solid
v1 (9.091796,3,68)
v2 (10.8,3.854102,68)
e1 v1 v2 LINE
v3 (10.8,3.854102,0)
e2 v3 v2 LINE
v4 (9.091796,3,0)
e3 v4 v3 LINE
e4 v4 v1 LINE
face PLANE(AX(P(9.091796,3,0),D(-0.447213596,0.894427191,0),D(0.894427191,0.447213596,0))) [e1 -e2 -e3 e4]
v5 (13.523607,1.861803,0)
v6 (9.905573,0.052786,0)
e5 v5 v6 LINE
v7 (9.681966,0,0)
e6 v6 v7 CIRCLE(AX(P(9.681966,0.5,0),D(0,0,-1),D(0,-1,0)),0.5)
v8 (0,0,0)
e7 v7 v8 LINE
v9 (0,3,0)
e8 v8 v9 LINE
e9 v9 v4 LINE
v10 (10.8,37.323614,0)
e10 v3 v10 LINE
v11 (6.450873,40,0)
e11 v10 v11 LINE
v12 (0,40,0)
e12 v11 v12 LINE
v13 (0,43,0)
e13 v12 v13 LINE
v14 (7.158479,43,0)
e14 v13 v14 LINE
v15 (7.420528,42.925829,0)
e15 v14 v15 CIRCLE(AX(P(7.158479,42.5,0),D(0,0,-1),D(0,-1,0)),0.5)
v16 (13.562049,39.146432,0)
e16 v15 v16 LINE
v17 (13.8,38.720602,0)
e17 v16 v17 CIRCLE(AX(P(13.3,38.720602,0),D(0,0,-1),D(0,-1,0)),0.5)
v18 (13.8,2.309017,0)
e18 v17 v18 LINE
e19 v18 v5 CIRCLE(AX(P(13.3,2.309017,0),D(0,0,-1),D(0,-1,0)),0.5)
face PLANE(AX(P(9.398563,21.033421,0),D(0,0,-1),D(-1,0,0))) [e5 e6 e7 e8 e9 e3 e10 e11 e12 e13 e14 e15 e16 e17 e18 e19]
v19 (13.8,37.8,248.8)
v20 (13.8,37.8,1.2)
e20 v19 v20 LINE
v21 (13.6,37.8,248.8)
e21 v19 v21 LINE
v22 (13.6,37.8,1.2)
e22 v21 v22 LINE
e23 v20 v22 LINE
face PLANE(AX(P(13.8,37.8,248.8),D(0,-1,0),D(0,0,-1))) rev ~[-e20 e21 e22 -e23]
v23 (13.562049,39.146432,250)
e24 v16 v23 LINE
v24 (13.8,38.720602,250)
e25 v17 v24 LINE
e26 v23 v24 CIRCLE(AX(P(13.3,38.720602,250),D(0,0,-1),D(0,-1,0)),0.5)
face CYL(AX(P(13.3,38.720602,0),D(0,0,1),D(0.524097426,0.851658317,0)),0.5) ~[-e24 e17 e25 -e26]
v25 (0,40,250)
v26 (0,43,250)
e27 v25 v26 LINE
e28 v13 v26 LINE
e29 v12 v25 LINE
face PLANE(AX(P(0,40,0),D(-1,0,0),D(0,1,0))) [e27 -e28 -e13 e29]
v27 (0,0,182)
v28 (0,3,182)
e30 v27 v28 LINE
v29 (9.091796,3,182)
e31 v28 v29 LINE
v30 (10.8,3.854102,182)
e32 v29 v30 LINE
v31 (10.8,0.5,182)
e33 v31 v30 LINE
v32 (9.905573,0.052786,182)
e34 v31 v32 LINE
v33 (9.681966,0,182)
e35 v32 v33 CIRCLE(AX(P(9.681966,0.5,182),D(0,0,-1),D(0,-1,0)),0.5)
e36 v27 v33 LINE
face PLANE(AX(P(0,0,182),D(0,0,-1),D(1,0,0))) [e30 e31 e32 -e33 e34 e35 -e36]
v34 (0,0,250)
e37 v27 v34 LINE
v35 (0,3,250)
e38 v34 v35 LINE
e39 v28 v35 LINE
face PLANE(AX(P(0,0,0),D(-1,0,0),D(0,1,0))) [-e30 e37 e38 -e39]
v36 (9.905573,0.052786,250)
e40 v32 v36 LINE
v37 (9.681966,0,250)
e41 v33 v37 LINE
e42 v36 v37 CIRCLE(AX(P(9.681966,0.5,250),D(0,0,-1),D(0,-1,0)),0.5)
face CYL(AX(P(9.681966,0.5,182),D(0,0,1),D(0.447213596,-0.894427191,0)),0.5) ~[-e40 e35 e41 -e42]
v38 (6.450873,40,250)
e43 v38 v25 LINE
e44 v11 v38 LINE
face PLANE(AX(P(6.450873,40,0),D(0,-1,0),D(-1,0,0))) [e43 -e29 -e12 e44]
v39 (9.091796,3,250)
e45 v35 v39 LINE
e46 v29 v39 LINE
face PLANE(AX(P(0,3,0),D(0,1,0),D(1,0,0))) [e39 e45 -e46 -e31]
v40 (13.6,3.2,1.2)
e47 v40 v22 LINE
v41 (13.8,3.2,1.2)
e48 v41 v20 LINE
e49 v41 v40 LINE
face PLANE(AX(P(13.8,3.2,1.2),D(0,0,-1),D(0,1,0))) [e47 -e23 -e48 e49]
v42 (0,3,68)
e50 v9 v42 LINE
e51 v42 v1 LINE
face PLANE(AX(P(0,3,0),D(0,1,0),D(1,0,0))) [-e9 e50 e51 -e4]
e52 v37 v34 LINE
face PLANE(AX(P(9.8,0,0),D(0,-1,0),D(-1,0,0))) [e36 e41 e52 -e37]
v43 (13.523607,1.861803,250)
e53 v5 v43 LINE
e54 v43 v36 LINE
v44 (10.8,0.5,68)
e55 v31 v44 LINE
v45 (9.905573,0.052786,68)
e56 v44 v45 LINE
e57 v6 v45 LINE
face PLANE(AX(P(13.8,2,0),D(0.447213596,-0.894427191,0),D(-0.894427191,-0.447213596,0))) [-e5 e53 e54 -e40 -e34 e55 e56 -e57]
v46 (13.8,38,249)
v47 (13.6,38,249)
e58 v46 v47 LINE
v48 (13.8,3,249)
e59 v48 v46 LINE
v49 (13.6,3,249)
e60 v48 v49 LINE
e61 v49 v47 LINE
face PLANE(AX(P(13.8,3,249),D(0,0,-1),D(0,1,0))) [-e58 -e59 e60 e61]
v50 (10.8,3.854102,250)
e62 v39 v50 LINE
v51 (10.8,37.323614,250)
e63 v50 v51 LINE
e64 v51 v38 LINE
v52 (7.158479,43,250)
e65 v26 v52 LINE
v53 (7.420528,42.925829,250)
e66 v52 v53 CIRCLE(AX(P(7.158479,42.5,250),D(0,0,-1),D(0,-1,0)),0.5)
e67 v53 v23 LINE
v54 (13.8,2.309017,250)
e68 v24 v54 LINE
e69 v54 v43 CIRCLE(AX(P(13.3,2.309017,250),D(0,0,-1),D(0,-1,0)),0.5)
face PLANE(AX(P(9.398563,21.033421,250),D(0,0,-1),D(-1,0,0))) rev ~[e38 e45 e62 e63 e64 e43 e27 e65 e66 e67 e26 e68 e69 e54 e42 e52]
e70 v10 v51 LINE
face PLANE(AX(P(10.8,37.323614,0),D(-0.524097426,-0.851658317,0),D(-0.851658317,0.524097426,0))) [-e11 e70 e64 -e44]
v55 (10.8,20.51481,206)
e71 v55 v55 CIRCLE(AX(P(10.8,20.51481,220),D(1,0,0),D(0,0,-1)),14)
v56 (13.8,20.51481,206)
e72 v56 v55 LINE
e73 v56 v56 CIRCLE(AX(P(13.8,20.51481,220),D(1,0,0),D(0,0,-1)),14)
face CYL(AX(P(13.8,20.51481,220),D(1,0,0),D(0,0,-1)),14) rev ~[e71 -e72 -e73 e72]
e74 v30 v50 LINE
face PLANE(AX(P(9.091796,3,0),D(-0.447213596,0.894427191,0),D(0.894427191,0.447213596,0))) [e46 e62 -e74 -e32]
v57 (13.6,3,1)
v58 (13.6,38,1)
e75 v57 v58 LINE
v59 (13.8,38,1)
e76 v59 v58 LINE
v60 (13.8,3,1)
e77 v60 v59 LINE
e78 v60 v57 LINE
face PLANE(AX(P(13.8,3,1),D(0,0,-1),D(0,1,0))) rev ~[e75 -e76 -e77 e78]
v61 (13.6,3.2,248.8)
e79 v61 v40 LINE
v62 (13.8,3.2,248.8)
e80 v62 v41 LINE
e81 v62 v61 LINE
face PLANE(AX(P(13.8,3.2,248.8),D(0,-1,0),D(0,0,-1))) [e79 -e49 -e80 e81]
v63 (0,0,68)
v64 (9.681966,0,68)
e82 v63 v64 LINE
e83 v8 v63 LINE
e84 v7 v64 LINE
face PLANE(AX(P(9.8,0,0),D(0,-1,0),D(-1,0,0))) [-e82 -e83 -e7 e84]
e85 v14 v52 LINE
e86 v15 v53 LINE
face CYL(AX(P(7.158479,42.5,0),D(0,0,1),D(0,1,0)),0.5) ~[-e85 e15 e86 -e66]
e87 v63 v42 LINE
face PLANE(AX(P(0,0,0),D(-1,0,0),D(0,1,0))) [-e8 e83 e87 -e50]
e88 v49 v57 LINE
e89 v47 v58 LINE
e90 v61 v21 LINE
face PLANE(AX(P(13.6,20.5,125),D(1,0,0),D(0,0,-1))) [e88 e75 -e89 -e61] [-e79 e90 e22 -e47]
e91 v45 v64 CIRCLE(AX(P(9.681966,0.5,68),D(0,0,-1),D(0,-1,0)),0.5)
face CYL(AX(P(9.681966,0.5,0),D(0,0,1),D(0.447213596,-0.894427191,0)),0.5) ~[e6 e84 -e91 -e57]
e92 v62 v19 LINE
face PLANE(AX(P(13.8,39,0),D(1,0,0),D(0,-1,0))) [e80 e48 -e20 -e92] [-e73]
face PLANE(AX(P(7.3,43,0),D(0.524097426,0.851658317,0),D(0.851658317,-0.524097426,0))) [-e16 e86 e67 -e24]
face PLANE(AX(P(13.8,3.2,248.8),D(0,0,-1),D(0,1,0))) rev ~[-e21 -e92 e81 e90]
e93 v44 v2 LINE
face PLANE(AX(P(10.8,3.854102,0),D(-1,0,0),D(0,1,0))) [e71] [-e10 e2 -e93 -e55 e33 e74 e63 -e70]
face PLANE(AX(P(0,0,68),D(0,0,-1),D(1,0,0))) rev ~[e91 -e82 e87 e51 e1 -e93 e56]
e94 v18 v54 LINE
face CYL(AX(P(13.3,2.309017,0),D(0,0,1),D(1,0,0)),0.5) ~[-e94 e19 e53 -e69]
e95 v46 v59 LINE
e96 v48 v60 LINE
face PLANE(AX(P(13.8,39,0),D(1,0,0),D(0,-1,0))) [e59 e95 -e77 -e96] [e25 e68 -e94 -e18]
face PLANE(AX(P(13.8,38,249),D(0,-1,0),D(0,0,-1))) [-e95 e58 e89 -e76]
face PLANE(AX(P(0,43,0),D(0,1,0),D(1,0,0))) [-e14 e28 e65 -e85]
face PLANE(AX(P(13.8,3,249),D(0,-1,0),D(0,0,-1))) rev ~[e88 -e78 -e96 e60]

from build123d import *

# Parameters (mm, degrees)
BOSS_EXTRUDE1_DEPTH = 250
CUT_EXTRUDE1_REACH  = 45
SKETCH2_W           = 10.8
SKETCH2_H           = 114
SKETCH3_W           = 248
SKETCH3_H           = 35
SKETCH3_W_2         = 247.6
SKETCH3_H_2         = 34.6
CUT_EXTRUDE2_DEPTH  = 0.2
FILLET1_R           = 0.5
SKETCH4_R           = 14
CUT_EXTRUDE3_DEPTH  = 14.8


with BuildPart() as part:
    # Sketch1 → Boss-Extrude1 (new body)
    with BuildSketch(Plane.XY):
        Polygon((0, 3), (9.091796068, 3), (10.8, 3.854101966), (10.8, 37.323614418), (6.450873429, 40), (0, 40), (0, 43), (7.3, 43), (13.8, 39), (13.8, 2), (9.8, 0), (0, 0), align=None)
    extrude(amount=BOSS_EXTRUDE1_DEPTH)

    # Sketch2 → Cut-Extrude1 (cut, up to next)
    with BuildSketch(Plane.XZ, mode=Mode.PRIVATE) as cut_extrude1_sk1:
        with Locations((5.4, 125)):
            Rectangle(SKETCH2_W, SKETCH2_H)
    cut_extrude1_tool1 = extrude(cut_extrude1_sk1.sketch, amount=-CUT_EXTRUDE1_REACH, mode=Mode.PRIVATE) & part.part
    add(cut_extrude1_tool1.solids().sort_by_distance((5.4, 0, 125))[0], mode=Mode.SUBTRACT)

    # Sketch3 → Cut-Extrude2 (cut)
    with BuildSketch(Plane(origin=(13.8, 0, 0), x_dir=(0, 0, -1), z_dir=(1, 0, 0))):
        with Locations((-125, 20.5)):
            Rectangle(SKETCH3_W, SKETCH3_H)
        with Locations((-125, 20.5)):
            Rectangle(SKETCH3_W_2, SKETCH3_H_2, mode=Mode.SUBTRACT)
    extrude(amount=-CUT_EXTRUDE2_DEPTH, mode=Mode.SUBTRACT)

    # Fillet1
    fillet1_edges = [part.edges().sort_by_distance(p)[0] for p in [
        (13.8, 39, 125),
        (13.8, 2, 125),
        (9.8, 0, 216),
        (7.3, 43, 125),
        (9.8, 0, 34),
    ]]
    fillet(fillet1_edges, radius=FILLET1_R)

    # Sketch4 → Cut-Extrude3 (cut, through all)
    with BuildSketch(Plane(origin=(13.8, 0, 0), x_dir=(0, 0, -1), z_dir=(1, 0, 0))):
        with Locations((-220, 20.514809699)):
            Circle(SKETCH4_R)
    extrude(amount=-CUT_EXTRUDE3_DEPTH, mode=Mode.SUBTRACT)


solid = part.part
